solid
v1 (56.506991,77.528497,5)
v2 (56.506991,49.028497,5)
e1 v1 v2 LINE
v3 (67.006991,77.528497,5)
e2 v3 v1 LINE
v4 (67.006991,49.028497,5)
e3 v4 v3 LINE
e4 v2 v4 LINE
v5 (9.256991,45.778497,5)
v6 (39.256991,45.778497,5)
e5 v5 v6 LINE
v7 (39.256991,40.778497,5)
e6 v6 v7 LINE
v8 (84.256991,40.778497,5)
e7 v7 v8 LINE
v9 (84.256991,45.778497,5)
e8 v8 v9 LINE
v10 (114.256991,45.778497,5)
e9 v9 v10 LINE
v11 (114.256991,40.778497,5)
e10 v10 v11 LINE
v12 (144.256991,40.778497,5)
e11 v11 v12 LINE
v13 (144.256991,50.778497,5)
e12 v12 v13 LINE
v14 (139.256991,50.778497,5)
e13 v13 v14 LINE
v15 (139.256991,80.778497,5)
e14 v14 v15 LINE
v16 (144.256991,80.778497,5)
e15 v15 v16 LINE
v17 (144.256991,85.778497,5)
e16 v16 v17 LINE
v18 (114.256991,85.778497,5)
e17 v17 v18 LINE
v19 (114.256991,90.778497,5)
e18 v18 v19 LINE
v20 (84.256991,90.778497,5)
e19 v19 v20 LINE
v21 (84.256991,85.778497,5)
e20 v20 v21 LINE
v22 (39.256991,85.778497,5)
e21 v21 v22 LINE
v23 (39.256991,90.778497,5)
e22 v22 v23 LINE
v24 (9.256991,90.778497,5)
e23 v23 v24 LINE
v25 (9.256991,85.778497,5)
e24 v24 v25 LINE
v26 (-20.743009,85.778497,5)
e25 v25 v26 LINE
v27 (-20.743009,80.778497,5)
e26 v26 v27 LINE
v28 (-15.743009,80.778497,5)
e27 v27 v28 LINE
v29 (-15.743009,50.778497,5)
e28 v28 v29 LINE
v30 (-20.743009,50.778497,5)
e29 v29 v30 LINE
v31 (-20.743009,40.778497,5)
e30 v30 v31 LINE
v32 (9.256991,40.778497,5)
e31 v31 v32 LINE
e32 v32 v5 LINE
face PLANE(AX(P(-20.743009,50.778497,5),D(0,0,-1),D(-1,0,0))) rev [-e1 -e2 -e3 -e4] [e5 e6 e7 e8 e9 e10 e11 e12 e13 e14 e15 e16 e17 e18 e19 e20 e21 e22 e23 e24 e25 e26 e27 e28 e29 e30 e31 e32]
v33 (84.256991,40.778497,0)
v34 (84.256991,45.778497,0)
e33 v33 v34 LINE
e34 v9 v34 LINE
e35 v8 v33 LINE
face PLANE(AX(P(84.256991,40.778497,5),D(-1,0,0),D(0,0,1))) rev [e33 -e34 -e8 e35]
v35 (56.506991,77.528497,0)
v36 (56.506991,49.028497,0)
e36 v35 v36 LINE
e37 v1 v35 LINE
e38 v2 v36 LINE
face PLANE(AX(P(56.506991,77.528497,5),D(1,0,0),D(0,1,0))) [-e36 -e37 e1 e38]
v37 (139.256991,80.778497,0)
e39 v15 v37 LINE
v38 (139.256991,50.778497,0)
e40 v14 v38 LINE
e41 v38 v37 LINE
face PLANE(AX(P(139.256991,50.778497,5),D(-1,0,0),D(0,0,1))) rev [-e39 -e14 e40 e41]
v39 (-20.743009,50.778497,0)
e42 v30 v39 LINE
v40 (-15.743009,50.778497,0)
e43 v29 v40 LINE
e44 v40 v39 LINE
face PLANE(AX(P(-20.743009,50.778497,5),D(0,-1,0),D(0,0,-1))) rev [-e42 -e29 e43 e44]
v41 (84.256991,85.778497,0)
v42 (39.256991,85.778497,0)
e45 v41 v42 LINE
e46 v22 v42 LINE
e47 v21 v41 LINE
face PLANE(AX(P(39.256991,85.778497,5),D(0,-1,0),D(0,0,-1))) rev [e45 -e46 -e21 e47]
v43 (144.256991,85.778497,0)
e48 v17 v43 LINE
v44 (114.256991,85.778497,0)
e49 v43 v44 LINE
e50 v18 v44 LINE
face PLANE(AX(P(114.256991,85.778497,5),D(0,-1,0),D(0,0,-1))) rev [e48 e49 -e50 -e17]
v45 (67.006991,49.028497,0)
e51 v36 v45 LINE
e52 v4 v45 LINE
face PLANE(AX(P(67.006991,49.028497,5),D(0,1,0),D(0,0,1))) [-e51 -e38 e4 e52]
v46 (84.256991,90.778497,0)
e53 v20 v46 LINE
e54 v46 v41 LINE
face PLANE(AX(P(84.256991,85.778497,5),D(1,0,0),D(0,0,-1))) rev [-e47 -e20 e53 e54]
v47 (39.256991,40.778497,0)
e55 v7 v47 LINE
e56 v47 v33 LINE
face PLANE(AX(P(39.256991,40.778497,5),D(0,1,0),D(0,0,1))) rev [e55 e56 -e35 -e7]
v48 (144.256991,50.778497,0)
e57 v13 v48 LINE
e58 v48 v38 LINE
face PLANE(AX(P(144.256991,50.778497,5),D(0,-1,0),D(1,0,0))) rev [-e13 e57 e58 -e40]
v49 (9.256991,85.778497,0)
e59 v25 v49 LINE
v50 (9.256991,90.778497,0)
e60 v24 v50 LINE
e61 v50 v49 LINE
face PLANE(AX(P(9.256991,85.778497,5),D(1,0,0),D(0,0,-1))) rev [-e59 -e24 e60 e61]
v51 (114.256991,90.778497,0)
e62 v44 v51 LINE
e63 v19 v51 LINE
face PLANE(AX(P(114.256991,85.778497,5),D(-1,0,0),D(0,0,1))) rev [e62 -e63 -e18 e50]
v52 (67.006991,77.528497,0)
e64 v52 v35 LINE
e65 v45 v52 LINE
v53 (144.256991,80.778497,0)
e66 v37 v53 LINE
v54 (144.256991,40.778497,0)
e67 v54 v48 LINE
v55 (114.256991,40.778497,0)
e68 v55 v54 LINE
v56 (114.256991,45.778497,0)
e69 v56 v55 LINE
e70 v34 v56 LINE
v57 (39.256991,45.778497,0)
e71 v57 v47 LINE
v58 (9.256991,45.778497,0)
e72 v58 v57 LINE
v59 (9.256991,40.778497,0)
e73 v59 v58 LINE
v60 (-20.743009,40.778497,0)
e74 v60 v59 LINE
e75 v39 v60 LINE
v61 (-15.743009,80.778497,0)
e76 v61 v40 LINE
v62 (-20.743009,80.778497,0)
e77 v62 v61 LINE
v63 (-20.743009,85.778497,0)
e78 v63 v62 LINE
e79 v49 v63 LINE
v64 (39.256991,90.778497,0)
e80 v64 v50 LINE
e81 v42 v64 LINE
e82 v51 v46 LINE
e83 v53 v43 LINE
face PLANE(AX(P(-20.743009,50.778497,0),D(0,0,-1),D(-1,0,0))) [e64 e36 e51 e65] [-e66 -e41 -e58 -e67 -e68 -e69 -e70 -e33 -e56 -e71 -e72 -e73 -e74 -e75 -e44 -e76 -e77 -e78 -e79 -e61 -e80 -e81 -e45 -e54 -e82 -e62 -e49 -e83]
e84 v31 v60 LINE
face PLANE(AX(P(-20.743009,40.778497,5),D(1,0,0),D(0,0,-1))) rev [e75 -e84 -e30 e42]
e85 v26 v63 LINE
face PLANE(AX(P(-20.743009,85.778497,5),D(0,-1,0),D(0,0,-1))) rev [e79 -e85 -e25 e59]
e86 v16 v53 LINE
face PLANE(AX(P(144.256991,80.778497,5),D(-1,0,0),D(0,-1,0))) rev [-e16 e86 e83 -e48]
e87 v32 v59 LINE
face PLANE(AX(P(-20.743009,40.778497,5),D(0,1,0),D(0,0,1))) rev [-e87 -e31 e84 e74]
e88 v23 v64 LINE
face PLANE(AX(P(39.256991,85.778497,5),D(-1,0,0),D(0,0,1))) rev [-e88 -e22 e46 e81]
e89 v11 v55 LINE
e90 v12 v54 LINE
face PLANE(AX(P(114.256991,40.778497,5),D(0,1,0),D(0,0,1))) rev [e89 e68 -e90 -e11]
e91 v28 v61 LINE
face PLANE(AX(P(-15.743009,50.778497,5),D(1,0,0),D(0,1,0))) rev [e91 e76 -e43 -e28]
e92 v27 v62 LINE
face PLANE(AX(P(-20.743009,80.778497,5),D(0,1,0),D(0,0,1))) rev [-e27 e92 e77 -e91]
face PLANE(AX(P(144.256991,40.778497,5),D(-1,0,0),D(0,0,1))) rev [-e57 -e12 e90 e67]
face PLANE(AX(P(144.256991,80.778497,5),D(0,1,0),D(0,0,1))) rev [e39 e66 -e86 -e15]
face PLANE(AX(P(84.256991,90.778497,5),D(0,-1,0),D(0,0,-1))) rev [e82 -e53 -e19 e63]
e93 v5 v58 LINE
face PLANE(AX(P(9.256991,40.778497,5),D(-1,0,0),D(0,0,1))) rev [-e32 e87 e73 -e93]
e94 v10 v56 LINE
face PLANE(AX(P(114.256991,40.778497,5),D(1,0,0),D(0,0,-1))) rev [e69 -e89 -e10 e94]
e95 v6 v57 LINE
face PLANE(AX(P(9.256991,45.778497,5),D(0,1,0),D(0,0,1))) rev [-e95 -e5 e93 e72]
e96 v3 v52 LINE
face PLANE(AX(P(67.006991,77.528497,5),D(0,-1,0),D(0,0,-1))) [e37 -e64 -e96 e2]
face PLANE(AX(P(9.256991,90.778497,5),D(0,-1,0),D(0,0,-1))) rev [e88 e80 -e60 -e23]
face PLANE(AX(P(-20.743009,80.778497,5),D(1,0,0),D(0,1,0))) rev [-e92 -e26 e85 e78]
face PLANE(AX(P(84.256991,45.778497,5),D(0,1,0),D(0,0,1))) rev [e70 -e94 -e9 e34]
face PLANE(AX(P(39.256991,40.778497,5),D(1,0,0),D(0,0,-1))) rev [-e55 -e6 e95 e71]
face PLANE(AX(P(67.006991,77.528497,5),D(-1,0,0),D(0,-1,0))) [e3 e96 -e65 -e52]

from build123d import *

# Parameters (mm, degrees)
SKETCH2_W           = 10.5
SKETCH2_H           = 28.5
BOSS_EXTRUDE2_DEPTH = 5


with BuildPart() as part:
    # Sketch2 → Boss-Extrude2 (new body)
    with BuildSketch(Plane.XY):
        Polygon((144.256991051, 80.778497144), (144.256991051, 85.778497144), (114.256991051, 85.778497144), (114.256991051, 90.778497144), (84.256991051, 90.778497144), (84.256991051, 85.778497144), (39.256991051, 85.778497144), (39.256991051, 90.778497144), (9.256991051, 90.778497144), (9.256991051, 85.778497144), (-20.743008949, 85.778497144), (-20.743008949, 80.778497144), (-15.743008949, 80.778497144), (-15.743008949, 50.778497144), (-20.743008949, 50.778497144), (-20.743008949, 40.778497144), (9.256991051, 40.778497144), (9.256991051, 45.778497144), (39.256991051, 45.778497144), (39.256991051, 40.778497144), (84.256991051, 40.778497144), (84.256991051, 45.778497144), (114.256991051, 45.778497144), (114.256991051, 40.778497144), (144.256991051, 40.778497144), (144.256991051, 50.778497144), (139.256991051, 50.778497144), (139.256991051, 80.778497144), align=None)
        with Locations((61.756991051, 63.278497144)):
            Rectangle(SKETCH2_W, SKETCH2_H, mode=Mode.SUBTRACT)
    extrude(amount=BOSS_EXTRUDE2_DEPTH)


solid = part.part
